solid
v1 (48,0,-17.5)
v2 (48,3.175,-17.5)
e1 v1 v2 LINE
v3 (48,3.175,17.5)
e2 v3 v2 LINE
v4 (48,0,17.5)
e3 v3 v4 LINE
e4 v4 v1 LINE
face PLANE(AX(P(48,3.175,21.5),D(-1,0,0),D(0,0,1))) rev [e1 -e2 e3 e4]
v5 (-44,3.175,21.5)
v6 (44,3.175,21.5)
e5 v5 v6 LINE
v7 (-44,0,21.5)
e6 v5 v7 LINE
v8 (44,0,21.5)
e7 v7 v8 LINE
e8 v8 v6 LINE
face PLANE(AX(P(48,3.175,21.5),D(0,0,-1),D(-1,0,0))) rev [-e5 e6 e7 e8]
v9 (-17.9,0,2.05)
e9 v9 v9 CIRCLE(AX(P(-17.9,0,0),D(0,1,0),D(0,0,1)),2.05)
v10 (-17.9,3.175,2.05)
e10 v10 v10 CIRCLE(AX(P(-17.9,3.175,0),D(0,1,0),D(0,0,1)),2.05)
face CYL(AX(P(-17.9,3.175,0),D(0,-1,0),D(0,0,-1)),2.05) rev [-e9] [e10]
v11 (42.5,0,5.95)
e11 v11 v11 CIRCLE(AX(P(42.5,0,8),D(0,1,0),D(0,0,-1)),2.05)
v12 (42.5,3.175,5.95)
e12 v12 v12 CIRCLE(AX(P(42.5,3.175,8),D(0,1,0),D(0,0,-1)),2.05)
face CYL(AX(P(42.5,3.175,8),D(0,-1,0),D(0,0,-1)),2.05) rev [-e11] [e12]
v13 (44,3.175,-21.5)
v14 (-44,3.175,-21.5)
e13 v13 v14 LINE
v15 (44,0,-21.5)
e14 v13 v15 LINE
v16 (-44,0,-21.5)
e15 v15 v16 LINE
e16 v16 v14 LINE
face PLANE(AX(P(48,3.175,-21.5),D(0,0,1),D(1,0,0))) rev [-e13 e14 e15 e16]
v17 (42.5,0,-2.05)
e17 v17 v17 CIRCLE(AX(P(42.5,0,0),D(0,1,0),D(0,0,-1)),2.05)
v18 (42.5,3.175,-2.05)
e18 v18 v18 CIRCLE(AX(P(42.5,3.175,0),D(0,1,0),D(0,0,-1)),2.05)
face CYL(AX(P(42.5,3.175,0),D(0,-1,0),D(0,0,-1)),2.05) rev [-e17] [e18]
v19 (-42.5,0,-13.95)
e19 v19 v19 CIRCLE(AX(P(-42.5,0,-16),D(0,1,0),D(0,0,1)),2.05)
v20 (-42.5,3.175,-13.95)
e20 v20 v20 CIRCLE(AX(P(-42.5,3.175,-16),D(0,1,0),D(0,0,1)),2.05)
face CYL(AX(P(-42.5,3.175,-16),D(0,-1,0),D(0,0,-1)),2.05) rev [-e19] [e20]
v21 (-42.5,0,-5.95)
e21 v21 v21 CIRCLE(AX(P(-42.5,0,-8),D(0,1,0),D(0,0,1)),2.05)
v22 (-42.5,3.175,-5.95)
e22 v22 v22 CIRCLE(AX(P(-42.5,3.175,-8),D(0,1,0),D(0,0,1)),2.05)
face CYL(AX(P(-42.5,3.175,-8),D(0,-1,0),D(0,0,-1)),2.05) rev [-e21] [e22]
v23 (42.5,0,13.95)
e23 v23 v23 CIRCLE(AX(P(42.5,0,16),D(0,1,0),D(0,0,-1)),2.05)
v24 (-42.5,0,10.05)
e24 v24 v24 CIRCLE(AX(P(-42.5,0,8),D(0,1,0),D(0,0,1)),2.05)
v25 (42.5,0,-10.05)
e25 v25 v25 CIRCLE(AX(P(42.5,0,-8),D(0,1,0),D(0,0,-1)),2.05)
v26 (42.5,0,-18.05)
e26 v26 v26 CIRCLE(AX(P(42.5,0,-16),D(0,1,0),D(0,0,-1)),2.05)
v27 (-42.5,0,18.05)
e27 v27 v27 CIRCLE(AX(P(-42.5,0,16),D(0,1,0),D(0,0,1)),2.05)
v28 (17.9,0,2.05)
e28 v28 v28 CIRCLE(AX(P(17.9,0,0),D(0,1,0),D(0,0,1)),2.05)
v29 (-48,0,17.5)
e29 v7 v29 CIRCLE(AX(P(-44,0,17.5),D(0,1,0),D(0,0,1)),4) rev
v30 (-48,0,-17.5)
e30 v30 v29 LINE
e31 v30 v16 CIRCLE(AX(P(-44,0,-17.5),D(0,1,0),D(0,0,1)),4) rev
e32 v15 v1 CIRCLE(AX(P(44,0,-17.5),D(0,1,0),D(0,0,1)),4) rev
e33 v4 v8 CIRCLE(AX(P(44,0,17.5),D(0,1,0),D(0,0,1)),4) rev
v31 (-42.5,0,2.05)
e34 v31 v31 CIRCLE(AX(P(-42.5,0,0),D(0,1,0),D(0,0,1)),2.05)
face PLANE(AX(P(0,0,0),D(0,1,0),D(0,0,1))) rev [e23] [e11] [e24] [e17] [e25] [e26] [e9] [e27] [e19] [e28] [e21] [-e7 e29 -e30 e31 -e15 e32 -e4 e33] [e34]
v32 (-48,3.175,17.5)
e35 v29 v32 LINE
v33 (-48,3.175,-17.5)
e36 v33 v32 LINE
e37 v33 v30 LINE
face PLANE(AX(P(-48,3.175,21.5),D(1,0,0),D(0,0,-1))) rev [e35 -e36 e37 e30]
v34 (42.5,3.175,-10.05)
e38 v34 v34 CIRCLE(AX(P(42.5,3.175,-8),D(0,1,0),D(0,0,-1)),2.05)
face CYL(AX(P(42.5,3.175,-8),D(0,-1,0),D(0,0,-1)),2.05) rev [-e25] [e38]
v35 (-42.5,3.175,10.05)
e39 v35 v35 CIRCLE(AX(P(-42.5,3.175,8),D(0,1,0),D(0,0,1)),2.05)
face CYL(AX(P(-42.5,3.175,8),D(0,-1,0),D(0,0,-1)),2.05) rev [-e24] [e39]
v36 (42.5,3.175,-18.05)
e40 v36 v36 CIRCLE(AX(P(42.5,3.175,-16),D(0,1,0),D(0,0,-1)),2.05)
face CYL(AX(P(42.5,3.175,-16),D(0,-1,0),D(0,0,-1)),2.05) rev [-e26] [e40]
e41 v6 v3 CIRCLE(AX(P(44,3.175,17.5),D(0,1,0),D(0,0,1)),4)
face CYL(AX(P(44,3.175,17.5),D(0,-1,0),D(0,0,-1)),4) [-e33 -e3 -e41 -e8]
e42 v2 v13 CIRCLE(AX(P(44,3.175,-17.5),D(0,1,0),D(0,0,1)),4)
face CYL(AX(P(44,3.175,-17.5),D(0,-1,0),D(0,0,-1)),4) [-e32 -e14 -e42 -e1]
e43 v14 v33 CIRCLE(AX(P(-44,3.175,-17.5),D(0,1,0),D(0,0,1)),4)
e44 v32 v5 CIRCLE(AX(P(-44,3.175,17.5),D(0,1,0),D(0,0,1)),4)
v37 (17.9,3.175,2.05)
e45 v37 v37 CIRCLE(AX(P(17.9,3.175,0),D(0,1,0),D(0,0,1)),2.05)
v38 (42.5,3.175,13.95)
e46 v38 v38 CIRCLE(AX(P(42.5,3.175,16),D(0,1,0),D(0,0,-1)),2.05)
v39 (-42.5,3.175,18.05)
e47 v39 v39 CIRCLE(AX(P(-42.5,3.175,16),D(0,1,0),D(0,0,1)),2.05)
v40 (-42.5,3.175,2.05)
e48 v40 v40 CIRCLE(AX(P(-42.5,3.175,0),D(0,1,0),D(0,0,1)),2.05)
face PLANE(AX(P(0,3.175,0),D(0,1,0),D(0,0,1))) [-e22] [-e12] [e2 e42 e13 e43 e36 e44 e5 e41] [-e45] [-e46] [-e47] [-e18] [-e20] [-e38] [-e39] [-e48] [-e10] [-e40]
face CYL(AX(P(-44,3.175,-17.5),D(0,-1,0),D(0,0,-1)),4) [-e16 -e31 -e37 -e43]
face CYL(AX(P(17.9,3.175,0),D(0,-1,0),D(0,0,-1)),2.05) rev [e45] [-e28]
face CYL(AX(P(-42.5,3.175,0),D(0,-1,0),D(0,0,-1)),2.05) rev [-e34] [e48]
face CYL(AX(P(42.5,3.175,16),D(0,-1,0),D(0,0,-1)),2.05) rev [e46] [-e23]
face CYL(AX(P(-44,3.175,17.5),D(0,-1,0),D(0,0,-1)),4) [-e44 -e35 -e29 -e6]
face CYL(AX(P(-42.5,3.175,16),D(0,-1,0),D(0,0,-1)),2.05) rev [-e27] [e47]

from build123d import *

# Parameters (mm, degrees)
SKETCH1_W           = 96
SKETCH1_H           = 43
SKETCH1_R           = 2.05
BOSS_EXTRUDE1_DEPTH = 3.175
FILLET1_R           = 4


with BuildPart() as part:
    # Sketch1 → Boss-Extrude1 (new body)
    with BuildSketch(Plane(origin=(0, 0, 0), x_dir=(1, 0, 0), z_dir=(0, 1, 0))):
        Rectangle(SKETCH1_W, SKETCH1_H)
        with Locations(Location((-17.9, 0, 0), (0, 0, 270))):
            Circle(SKETCH1_R, mode=Mode.SUBTRACT)
        with Locations(Location((-42.5, 16, 0), (0, 0, 270))):
            Circle(SKETCH1_R, mode=Mode.SUBTRACT)
        with Locations(Location((-42.5, 8, 0), (0, 0, 270))):
            Circle(SKETCH1_R, mode=Mode.SUBTRACT)
        with Locations(Location((-42.5, 0, 0), (0, 0, 270))):
            Circle(SKETCH1_R, mode=Mode.SUBTRACT)
        with Locations(Location((-42.5, -8, 0), (0, 0, 270))):
            Circle(SKETCH1_R, mode=Mode.SUBTRACT)
        with Locations(Location((-42.5, -16, 0), (0, 0, 270))):
            Circle(SKETCH1_R, mode=Mode.SUBTRACT)
        with Locations(Location((42.5, 16, 0), (0, 0, 90))):
            Circle(SKETCH1_R, mode=Mode.SUBTRACT)
        with Locations(Location((42.5, 8, 0), (0, 0, 90))):
            Circle(SKETCH1_R, mode=Mode.SUBTRACT)
        with Locations(Location((42.5, 0, 0), (0, 0, 90))):
            Circle(SKETCH1_R, mode=Mode.SUBTRACT)
        with Locations(Location((42.5, -8, 0), (0, 0, 90))):
            Circle(SKETCH1_R, mode=Mode.SUBTRACT)
        with Locations(Location((42.5, -16, 0), (0, 0, 90))):
            Circle(SKETCH1_R, mode=Mode.SUBTRACT)
        with Locations(Location((17.9, 0, 0), (0, 0, 270))):
            Circle(SKETCH1_R, mode=Mode.SUBTRACT)
    extrude(amount=BOSS_EXTRUDE1_DEPTH)

    # Fillet1
    fillet1_edges = [part.edges().sort_by_distance(p)[0] for p in [
        (-48, 1.5875, -21.5),
        (48, 1.5875, -21.5),
        (48, 1.5875, 21.5),
        (-48, 1.5875, 21.5),
    ]]
    fillet(fillet1_edges, radius=FILLET1_R)


solid = part.part
